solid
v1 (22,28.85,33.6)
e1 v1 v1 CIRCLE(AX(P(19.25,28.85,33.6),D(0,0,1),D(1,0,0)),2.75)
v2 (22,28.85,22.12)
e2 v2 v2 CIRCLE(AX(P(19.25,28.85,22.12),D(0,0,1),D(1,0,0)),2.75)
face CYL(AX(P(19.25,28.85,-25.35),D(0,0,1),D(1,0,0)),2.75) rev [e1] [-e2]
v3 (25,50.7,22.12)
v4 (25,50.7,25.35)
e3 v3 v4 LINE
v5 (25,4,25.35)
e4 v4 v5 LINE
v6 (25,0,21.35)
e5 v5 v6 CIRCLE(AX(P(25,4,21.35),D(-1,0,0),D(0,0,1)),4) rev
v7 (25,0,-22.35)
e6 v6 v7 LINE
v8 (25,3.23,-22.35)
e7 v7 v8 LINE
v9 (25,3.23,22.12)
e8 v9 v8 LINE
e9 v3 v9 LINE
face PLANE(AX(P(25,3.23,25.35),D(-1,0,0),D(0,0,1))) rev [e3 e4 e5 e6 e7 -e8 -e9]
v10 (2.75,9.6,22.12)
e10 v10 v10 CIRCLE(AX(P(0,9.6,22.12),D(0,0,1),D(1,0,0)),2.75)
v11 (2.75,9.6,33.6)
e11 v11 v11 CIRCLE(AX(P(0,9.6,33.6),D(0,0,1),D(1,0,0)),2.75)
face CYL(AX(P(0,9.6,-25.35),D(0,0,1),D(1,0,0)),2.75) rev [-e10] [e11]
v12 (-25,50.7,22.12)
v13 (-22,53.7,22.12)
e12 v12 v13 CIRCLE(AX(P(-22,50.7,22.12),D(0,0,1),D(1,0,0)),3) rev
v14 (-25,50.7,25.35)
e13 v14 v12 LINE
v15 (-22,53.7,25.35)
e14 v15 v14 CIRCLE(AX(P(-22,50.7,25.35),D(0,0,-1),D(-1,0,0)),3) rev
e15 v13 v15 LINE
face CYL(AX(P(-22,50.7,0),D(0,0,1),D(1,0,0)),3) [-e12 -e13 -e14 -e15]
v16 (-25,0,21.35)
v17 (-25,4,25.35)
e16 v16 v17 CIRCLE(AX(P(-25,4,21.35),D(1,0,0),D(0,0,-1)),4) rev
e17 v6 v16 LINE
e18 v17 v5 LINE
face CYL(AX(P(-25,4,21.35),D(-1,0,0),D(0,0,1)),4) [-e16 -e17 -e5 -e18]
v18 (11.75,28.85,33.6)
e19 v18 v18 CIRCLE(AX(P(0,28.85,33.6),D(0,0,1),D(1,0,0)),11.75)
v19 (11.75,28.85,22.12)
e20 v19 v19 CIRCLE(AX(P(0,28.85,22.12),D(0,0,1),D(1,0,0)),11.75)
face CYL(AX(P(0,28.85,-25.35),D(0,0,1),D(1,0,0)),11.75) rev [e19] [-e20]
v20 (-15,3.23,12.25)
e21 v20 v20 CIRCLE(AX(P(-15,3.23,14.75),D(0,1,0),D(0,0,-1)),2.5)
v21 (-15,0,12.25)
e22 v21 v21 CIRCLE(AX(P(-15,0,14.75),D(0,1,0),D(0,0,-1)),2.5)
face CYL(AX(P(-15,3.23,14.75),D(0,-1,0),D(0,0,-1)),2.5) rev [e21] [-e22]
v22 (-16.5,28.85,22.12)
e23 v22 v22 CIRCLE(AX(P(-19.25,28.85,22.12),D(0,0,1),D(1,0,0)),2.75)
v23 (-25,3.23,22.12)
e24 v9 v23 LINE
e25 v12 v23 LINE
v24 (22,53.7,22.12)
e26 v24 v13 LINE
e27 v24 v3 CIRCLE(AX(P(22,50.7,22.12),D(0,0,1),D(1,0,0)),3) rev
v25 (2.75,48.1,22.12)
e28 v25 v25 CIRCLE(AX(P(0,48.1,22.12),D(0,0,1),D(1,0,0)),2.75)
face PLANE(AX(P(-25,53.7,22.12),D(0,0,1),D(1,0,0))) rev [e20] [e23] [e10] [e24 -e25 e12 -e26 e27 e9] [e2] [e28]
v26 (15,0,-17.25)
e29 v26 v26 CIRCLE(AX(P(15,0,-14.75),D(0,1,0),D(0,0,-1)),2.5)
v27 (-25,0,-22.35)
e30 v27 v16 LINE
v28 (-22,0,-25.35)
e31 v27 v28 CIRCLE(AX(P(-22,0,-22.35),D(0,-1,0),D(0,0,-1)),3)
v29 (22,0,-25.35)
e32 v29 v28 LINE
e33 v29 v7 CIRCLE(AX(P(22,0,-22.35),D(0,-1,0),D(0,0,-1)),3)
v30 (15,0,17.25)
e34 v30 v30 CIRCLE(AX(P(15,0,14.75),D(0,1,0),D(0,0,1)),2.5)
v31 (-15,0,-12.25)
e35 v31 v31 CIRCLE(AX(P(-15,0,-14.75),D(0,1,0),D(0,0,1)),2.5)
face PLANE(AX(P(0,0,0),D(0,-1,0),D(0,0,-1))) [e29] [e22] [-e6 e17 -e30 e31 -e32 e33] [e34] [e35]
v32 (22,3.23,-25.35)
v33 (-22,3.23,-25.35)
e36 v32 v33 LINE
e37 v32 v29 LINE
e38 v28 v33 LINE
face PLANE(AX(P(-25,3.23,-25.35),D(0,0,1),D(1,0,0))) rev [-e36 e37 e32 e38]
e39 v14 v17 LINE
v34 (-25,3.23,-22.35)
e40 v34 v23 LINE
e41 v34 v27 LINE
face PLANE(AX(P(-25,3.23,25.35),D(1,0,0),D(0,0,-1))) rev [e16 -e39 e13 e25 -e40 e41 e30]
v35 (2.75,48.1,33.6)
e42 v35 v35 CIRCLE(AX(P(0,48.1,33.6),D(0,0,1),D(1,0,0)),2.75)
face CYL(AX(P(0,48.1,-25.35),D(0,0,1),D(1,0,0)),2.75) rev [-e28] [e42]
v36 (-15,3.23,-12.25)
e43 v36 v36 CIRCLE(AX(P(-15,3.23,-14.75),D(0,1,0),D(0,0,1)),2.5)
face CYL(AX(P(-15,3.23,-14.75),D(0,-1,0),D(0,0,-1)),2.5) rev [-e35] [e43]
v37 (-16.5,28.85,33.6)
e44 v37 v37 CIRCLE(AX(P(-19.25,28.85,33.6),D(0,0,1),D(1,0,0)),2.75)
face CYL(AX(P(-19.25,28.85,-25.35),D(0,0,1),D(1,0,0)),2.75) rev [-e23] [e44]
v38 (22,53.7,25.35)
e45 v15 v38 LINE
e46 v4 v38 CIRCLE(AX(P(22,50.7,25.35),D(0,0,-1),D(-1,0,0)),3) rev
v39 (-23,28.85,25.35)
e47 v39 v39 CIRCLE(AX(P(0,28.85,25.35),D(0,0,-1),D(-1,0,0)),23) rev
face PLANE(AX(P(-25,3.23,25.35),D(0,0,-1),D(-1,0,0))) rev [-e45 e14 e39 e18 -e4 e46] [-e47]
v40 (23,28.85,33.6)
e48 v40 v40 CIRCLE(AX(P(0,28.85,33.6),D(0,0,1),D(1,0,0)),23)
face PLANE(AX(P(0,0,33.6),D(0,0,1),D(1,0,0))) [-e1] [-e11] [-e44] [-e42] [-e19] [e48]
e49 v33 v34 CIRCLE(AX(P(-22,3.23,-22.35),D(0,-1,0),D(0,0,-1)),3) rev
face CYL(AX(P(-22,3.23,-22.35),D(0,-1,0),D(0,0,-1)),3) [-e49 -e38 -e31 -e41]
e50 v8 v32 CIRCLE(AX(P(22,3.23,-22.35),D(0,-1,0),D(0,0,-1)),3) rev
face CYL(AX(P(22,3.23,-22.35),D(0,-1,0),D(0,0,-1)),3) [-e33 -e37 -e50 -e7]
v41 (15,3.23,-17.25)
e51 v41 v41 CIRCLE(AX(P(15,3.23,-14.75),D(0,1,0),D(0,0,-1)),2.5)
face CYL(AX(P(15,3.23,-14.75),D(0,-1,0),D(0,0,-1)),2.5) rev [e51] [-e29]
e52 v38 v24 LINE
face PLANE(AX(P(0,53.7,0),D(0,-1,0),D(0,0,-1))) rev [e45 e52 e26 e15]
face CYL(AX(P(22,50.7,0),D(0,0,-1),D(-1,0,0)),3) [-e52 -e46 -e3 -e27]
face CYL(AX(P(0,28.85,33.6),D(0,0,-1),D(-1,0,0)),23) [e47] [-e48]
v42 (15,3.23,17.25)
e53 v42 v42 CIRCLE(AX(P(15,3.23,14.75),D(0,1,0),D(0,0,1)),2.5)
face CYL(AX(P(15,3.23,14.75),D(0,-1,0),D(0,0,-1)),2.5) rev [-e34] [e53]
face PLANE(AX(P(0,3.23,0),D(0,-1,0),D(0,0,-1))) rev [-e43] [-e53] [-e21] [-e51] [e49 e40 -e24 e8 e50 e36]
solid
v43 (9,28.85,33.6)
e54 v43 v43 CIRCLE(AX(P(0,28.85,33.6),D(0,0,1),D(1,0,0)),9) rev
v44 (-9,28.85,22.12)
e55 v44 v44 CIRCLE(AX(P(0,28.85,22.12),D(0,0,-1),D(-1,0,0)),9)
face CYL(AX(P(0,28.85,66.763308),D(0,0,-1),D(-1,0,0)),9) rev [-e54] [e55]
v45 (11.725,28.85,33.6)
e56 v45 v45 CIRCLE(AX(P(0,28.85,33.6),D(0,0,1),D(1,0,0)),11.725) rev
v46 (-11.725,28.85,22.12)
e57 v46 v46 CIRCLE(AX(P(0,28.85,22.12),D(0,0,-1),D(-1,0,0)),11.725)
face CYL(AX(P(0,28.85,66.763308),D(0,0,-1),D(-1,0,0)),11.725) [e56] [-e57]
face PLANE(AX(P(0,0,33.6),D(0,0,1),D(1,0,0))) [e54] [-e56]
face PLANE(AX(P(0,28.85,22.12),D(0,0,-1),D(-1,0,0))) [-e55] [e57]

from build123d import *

# Parameters (mm, degrees)
SKETCH1_W               = 50
SKETCH1_H               = 50.7
SKETCH1_R               = 2.5
BOSS_EXTRUDE1_DEPTH     = 3.23
SKETCH2_W               = 50
SKETCH2_H               = 3.23
BOSS_EXTRUDE2_DEPTH     = 50.47
FILLET1_R               = 4
FILLET2_R               = 3
SKETCH4_R               = 2.75
SKETCH4_R_2             = 11.75
CUT_EXTRUDE1_DEPTH      = 1
CUT_EXTRUDE1_DEPTH_BACK = 51.7
SKETCH4_3_R             = 23
SKETCH4_3_R_2           = 2.75
SKETCH4_3_R_3           = 11.75
BOSS_EXTRUDE3_DEPTH     = 8.25
SKETCH5_R               = 11.725
SKETCH5_R_2             = 9
BOSS_EXTRUDE4_DEPTH     = 11.48


with BuildPart() as part:
    # Sketch1 → Boss-Extrude1 (new body)
    with BuildSketch(Plane(origin=(0, 0, 0), x_dir=(1, 0, 0), z_dir=(0, 1, 0))):
        Rectangle(SKETCH1_W, SKETCH1_H)
        with Locations((15, -14.75)):
            Circle(SKETCH1_R, mode=Mode.SUBTRACT)
        with Locations((15, 14.75)):
            Circle(SKETCH1_R, mode=Mode.SUBTRACT)
        with Locations((-15, -14.75)):
            Circle(SKETCH1_R, mode=Mode.SUBTRACT)
        with Locations((-15, 14.75)):
            Circle(SKETCH1_R, mode=Mode.SUBTRACT)
    extrude(amount=BOSS_EXTRUDE1_DEPTH)

    # Sketch2 → Boss-Extrude2 (add)
    with BuildSketch(Plane(origin=(0, 3.23, 0), x_dir=(1, 0, 0), z_dir=(0, 1, 0))):
        with Locations((0, -23.735)):
            Rectangle(SKETCH2_W, SKETCH2_H)
    extrude(amount=BOSS_EXTRUDE2_DEPTH)

    # Fillet1
    fillet1_edges = [part.edges().sort_by_distance(p)[0] for p in [
        (0, 0, 25.35),
    ]]
    fillet(fillet1_edges, radius=FILLET1_R)

    # Fillet2
    fillet2_edges = [part.edges().sort_by_distance(p)[0] for p in [
        (-25, 53.7, 23.735),
        (25, 53.7, 23.735),
        (-25, 1.615, -25.35),
        (25, 1.615, -25.35),
    ]]
    fillet(fillet2_edges, radius=FILLET2_R)

    # Sketch4 → Cut-Extrude1 (cut, two sides)
    with BuildSketch(Plane.XY.offset(25.35)) as cut_extrude1_sk:
        with Locations((-19.25, 28.85)):
            Circle(SKETCH4_R)
        with Locations((19.25, 28.85)):
            Circle(SKETCH4_R)
        with Locations((0, 48.1)):
            Circle(SKETCH4_R)
        with Locations((0, 9.6)):
            Circle(SKETCH4_R)
        with Locations((0, 28.85)):
            Circle(SKETCH4_R_2)
    extrude(amount=CUT_EXTRUDE1_DEPTH, mode=Mode.SUBTRACT)
    extrude(cut_extrude1_sk.sketch, amount=-CUT_EXTRUDE1_DEPTH_BACK, mode=Mode.SUBTRACT)

    # Sketch4<3> → Boss-Extrude3 (add)
    with BuildSketch(Plane.XY.offset(25.35)):
        with Locations((0, 28.85)):
            Circle(SKETCH4_3_R)
        with Locations((0, 48.1)):
            Circle(SKETCH4_3_R_2, mode=Mode.SUBTRACT)
        with Locations((19.25, 28.85)):
            Circle(SKETCH4_3_R_2, mode=Mode.SUBTRACT)
        with Locations((0, 9.6)):
            Circle(SKETCH4_3_R_2, mode=Mode.SUBTRACT)
        with Locations((-19.25, 28.85)):
            Circle(SKETCH4_3_R_2, mode=Mode.SUBTRACT)
        with Locations((0, 28.85)):
            Circle(SKETCH4_3_R_3, mode=Mode.SUBTRACT)
    extrude(amount=BOSS_EXTRUDE3_DEPTH)


with BuildPart() as body_2:
    # Sketch5 → Boss-Extrude4 (new body)
    with BuildSketch(Plane(origin=(0, 0, 22.12), x_dir=(-1, 0, 0), z_dir=(0, 0, -1))):
        with Locations((0, 28.85)):
            Circle(SKETCH5_R)
        with Locations((0, 28.85)):
            Circle(SKETCH5_R_2, mode=Mode.SUBTRACT)
    extrude(amount=-BOSS_EXTRUDE4_DEPTH)


solid = Compound([part.part, body_2.part])
